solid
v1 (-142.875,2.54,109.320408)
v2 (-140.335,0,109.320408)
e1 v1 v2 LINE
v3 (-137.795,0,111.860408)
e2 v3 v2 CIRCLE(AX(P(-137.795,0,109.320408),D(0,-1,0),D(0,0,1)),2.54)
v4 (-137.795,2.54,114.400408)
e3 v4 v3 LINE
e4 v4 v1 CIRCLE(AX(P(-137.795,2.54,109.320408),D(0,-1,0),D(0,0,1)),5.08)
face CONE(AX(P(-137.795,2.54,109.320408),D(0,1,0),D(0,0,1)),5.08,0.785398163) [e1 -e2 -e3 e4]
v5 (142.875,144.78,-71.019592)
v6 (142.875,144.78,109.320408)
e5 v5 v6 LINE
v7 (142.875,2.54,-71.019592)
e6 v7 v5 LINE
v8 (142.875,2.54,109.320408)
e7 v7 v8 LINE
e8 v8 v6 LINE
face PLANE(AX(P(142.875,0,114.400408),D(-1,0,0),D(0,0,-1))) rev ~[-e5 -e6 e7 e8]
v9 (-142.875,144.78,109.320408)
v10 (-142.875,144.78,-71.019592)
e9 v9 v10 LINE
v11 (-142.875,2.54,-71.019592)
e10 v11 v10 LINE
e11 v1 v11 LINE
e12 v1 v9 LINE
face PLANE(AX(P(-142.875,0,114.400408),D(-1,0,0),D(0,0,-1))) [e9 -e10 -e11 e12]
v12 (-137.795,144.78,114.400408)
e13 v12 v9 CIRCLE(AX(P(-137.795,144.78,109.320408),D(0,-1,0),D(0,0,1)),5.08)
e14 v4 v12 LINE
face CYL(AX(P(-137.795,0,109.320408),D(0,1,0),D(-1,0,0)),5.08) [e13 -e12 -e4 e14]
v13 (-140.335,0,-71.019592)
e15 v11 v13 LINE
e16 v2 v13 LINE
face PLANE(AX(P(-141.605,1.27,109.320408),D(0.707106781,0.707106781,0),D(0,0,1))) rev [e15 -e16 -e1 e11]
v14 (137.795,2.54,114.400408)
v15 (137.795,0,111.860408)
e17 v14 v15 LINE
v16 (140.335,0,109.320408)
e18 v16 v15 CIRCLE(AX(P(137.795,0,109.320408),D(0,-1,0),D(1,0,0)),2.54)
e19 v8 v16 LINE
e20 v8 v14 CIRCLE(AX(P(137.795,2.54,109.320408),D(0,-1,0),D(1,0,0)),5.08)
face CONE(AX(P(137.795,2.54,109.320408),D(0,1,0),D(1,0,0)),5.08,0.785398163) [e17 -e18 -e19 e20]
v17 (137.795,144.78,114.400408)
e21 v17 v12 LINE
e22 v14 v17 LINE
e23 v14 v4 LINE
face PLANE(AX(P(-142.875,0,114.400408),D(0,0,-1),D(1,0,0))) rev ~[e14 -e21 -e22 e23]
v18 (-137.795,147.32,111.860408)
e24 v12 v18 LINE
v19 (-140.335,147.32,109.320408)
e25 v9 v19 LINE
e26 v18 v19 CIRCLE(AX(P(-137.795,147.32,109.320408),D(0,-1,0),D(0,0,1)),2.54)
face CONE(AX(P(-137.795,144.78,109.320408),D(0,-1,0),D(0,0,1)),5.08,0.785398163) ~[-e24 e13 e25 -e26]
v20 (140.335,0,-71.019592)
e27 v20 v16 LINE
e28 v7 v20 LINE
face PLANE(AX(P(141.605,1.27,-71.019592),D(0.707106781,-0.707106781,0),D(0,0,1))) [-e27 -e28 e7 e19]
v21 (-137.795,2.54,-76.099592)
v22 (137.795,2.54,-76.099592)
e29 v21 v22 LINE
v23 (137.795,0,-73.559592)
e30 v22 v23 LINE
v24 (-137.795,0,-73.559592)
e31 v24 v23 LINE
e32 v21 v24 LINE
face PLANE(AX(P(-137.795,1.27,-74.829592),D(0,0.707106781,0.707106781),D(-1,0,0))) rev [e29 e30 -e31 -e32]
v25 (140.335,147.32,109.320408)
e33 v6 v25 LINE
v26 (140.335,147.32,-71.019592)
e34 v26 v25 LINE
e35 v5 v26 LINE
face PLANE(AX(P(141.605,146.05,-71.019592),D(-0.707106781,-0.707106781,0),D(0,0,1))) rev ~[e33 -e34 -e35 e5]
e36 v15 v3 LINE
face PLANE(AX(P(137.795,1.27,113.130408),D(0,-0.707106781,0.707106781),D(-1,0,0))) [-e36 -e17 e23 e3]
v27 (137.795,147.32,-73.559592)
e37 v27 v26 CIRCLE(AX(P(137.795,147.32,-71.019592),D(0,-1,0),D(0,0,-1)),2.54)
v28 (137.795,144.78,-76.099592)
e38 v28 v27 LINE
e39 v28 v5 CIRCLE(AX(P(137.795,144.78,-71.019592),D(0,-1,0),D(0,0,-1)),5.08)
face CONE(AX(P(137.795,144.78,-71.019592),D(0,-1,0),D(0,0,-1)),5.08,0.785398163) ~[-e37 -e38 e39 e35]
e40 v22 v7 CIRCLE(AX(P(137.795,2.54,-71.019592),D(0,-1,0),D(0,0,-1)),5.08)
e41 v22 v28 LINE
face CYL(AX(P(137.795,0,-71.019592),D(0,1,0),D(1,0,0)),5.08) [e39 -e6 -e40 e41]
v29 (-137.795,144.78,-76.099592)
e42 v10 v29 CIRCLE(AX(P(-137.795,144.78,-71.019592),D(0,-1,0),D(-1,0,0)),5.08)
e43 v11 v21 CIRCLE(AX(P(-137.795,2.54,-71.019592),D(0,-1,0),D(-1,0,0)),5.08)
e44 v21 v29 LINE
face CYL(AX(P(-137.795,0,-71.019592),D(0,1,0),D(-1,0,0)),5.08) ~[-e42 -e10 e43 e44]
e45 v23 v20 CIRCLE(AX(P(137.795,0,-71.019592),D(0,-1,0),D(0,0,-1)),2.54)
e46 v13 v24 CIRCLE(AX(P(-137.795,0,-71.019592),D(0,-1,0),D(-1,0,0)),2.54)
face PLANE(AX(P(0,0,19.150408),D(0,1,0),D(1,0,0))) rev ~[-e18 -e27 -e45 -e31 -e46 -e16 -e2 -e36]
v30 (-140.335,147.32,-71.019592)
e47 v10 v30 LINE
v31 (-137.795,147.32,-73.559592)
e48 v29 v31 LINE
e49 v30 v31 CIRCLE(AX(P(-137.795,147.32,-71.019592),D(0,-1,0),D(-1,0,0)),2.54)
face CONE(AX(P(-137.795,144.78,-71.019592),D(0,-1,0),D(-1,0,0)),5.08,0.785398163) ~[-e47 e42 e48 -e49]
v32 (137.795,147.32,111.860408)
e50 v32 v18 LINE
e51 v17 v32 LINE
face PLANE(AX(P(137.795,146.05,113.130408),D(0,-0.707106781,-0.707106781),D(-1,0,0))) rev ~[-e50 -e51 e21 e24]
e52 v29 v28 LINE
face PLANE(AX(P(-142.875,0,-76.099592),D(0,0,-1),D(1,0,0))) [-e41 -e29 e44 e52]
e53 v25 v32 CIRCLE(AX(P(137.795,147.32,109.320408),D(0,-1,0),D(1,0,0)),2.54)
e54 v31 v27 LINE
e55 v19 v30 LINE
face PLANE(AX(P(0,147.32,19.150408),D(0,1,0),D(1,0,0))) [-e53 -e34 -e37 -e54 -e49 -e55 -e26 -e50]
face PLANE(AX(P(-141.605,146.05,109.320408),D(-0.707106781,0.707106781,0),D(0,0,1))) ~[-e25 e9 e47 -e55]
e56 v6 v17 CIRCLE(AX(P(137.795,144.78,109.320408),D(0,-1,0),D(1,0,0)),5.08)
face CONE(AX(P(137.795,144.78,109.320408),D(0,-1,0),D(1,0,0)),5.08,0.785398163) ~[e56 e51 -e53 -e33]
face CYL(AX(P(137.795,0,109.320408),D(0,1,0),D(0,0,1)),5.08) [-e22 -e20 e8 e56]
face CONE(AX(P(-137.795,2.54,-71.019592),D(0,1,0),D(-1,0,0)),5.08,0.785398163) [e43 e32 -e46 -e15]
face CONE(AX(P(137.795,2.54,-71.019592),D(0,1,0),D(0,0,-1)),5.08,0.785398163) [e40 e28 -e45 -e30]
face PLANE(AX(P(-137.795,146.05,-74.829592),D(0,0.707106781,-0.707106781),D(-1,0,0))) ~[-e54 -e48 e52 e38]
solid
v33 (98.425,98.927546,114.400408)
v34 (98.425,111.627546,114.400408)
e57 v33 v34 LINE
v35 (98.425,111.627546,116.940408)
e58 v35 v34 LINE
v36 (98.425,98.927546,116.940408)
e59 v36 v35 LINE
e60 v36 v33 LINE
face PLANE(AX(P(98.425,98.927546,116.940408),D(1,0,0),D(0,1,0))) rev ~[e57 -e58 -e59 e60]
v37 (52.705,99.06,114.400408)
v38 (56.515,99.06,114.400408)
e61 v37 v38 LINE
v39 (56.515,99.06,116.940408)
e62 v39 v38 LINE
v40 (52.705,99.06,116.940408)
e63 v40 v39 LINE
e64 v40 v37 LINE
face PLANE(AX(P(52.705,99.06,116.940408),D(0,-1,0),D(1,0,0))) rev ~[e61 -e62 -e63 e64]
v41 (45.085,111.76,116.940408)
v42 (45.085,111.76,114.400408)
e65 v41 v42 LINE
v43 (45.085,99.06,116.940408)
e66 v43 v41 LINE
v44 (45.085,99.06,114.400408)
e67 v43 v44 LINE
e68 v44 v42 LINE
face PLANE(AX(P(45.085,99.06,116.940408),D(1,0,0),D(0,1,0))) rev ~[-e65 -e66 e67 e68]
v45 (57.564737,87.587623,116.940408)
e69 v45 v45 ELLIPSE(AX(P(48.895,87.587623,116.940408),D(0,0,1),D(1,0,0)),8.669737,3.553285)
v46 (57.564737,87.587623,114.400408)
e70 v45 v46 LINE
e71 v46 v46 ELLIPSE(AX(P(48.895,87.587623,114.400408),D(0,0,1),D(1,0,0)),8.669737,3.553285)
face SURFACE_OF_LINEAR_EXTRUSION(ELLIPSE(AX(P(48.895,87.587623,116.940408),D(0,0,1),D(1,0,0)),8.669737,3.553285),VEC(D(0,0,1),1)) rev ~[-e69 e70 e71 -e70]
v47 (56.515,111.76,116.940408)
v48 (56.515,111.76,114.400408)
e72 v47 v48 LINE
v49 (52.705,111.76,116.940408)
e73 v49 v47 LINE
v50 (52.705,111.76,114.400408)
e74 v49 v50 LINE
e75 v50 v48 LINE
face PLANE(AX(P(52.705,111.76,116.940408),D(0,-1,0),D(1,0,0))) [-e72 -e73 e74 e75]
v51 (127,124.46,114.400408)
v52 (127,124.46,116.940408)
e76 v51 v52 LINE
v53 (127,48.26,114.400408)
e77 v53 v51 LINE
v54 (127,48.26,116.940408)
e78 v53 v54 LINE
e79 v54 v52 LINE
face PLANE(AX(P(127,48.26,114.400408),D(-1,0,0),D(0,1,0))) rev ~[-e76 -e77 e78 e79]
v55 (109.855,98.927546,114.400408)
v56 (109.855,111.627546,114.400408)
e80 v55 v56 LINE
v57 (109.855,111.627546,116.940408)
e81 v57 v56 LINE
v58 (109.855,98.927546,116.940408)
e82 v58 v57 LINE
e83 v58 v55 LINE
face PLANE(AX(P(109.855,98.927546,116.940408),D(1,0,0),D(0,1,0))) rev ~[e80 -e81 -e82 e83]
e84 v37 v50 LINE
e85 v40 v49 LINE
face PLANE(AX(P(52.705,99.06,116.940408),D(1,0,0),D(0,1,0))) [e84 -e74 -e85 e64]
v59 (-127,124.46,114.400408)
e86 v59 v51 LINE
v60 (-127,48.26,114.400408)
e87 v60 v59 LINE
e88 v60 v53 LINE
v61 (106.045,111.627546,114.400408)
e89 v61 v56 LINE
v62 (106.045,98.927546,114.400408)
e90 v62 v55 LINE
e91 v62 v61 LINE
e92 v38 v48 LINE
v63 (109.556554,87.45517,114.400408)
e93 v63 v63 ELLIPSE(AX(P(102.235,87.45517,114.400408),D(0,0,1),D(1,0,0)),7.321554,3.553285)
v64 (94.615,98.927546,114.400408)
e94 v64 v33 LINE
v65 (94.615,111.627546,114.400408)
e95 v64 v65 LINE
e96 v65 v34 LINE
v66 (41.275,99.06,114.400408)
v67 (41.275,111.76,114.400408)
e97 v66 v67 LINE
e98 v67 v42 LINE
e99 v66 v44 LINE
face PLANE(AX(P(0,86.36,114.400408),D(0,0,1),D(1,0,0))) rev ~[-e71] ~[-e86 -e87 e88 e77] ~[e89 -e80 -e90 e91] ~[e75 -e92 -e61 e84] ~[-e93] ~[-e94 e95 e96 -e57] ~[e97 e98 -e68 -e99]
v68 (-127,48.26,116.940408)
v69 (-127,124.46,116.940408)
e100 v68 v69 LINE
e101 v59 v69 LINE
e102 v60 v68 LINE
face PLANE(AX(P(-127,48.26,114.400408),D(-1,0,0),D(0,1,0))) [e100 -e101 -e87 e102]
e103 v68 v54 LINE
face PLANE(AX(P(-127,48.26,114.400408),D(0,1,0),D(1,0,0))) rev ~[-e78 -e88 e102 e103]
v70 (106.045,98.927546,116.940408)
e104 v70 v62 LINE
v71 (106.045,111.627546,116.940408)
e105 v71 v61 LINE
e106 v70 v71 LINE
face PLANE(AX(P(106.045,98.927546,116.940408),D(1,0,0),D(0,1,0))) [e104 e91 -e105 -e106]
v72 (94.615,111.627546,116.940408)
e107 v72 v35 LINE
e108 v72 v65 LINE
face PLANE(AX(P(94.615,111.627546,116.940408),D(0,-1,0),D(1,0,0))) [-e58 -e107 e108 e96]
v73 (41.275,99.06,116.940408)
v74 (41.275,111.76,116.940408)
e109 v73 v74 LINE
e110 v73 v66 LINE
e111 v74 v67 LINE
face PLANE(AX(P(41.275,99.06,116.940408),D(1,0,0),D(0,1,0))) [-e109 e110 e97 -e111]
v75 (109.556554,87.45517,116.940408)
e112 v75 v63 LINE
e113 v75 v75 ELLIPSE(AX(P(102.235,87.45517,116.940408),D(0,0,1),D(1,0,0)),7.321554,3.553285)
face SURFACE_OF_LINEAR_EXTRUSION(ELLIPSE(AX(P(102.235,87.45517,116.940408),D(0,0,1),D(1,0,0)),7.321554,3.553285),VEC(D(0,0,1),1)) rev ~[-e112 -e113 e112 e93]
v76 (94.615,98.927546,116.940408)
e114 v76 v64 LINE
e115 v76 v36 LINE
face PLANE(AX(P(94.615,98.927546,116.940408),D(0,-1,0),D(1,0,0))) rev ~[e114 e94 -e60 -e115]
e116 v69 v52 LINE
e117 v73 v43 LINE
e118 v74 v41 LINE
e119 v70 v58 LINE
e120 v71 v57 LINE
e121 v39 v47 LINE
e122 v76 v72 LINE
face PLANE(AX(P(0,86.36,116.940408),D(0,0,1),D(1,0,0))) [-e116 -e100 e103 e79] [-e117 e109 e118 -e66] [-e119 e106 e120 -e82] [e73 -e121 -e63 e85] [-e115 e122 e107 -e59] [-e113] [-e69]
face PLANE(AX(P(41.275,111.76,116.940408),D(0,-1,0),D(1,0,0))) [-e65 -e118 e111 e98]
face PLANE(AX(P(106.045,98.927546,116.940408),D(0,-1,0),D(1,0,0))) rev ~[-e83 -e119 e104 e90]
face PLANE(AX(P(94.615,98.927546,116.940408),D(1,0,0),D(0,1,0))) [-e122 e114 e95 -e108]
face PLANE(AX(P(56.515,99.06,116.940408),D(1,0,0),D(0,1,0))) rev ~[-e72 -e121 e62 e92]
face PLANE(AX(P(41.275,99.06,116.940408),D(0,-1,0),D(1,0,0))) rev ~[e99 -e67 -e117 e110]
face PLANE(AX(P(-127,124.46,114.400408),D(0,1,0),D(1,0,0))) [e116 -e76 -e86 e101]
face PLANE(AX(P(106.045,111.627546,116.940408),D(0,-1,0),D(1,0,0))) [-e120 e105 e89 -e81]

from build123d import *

# Parameters (mm, degrees)
SKETCH1_W           = 285.75
SKETCH1_H           = 190.5
BOSS_EXTRUDE1_DEPTH = 147.32
SKETCH2_W           = 254
SKETCH2_H           = 76.2
BOSS_EXTRUDE2_DEPTH = 2.54
SKETCH3_W           = 3.81
SKETCH3_H           = 12.7
SKETCH3_RX          = 8.66973746
SKETCH3_RY          = 3.553284778
SKETCH3_RX_2        = 7.32155449
CUT_EXTRUDE1_DEPTH  = 2.54
FILLET1_R           = 5.08
CHAMFER1_SIZE       = 2.54


with BuildPart() as part:
    # Sketch1 → Boss-Extrude1 (new body)
    with BuildSketch(Plane(origin=(0, 0, 0), x_dir=(1, 0, 0), z_dir=(0, 1, 0))):
        with Locations((0, -19.150408048)):
            Rectangle(SKETCH1_W, SKETCH1_H)
    extrude(amount=BOSS_EXTRUDE1_DEPTH)

    # Fillet1
    fillet1_edges = [part.edges().sort_by_distance(p)[0] for p in [
        (142.875, 73.66, 114.400408048),
        (-142.875, 73.66, 114.400408048),
        (-142.875, 73.66, -76.099591952),
        (142.875, 73.66, -76.099591952),
    ]]
    fillet(fillet1_edges, radius=FILLET1_R)

    # Chamfer1
    chamfer1_edges = [part.edges().sort_by_distance(p)[0] for p in [
        (-142.875, 0, 19.150408048),
        (-142.875, 147.32, 19.150408048),
        (142.875, 0, 19.150408048),
        (0, 0, 114.400408048),
        (0, 0, -76.099591952),
        (141.387102448, 0, 112.912510497),
        (141.387102448, 0, -74.6116944),
        (-141.387102448, 0, 112.912510497),
        (-141.387102448, 0, -74.6116944),
        (0, 147.32, -76.099591952),
        (142.875, 147.32, 19.150408048),
        (0, 147.32, 114.400408048),
        (141.387102448, 147.32, 112.912510497),
        (141.387102448, 147.32, -74.6116944),
        (-141.387102448, 147.32, 112.912510497),
        (-141.387102448, 147.32, -74.6116944),
    ]]
    chamfer(chamfer1_edges, length=CHAMFER1_SIZE)


with BuildPart() as body_2:
    # Sketch2 → Boss-Extrude2 (new body)
    with BuildSketch(Plane.XY.offset(114.400408048)):
        with Locations((0, 86.36)):
            Rectangle(SKETCH2_W, SKETCH2_H)
    extrude(amount=BOSS_EXTRUDE2_DEPTH)

    # Sketch3 → Cut-Extrude1 (cut)
    with BuildSketch(Plane.XY.offset(116.940408048)):
        with Locations((43.18, 105.41)):
            Rectangle(SKETCH3_W, SKETCH3_H)
        with Locations((54.61, 105.41)):
            Rectangle(SKETCH3_W, SKETCH3_H)
        with Locations(Location((48.895, 87.587623133), (0, 0, 0))):
            Ellipse(SKETCH3_RX, SKETCH3_RY)
        with Locations((102.235, 87.455169614)):
            Ellipse(SKETCH3_RX_2, SKETCH3_RY)
        with Locations((96.52, 105.27754648)):
            Rectangle(SKETCH3_W, SKETCH3_H)
        with Locations((107.95, 105.27754648)):
            Rectangle(SKETCH3_W, SKETCH3_H)
    extrude(amount=-CUT_EXTRUDE1_DEPTH, mode=Mode.SUBTRACT)


solid = Compound([part.part, body_2.part])
